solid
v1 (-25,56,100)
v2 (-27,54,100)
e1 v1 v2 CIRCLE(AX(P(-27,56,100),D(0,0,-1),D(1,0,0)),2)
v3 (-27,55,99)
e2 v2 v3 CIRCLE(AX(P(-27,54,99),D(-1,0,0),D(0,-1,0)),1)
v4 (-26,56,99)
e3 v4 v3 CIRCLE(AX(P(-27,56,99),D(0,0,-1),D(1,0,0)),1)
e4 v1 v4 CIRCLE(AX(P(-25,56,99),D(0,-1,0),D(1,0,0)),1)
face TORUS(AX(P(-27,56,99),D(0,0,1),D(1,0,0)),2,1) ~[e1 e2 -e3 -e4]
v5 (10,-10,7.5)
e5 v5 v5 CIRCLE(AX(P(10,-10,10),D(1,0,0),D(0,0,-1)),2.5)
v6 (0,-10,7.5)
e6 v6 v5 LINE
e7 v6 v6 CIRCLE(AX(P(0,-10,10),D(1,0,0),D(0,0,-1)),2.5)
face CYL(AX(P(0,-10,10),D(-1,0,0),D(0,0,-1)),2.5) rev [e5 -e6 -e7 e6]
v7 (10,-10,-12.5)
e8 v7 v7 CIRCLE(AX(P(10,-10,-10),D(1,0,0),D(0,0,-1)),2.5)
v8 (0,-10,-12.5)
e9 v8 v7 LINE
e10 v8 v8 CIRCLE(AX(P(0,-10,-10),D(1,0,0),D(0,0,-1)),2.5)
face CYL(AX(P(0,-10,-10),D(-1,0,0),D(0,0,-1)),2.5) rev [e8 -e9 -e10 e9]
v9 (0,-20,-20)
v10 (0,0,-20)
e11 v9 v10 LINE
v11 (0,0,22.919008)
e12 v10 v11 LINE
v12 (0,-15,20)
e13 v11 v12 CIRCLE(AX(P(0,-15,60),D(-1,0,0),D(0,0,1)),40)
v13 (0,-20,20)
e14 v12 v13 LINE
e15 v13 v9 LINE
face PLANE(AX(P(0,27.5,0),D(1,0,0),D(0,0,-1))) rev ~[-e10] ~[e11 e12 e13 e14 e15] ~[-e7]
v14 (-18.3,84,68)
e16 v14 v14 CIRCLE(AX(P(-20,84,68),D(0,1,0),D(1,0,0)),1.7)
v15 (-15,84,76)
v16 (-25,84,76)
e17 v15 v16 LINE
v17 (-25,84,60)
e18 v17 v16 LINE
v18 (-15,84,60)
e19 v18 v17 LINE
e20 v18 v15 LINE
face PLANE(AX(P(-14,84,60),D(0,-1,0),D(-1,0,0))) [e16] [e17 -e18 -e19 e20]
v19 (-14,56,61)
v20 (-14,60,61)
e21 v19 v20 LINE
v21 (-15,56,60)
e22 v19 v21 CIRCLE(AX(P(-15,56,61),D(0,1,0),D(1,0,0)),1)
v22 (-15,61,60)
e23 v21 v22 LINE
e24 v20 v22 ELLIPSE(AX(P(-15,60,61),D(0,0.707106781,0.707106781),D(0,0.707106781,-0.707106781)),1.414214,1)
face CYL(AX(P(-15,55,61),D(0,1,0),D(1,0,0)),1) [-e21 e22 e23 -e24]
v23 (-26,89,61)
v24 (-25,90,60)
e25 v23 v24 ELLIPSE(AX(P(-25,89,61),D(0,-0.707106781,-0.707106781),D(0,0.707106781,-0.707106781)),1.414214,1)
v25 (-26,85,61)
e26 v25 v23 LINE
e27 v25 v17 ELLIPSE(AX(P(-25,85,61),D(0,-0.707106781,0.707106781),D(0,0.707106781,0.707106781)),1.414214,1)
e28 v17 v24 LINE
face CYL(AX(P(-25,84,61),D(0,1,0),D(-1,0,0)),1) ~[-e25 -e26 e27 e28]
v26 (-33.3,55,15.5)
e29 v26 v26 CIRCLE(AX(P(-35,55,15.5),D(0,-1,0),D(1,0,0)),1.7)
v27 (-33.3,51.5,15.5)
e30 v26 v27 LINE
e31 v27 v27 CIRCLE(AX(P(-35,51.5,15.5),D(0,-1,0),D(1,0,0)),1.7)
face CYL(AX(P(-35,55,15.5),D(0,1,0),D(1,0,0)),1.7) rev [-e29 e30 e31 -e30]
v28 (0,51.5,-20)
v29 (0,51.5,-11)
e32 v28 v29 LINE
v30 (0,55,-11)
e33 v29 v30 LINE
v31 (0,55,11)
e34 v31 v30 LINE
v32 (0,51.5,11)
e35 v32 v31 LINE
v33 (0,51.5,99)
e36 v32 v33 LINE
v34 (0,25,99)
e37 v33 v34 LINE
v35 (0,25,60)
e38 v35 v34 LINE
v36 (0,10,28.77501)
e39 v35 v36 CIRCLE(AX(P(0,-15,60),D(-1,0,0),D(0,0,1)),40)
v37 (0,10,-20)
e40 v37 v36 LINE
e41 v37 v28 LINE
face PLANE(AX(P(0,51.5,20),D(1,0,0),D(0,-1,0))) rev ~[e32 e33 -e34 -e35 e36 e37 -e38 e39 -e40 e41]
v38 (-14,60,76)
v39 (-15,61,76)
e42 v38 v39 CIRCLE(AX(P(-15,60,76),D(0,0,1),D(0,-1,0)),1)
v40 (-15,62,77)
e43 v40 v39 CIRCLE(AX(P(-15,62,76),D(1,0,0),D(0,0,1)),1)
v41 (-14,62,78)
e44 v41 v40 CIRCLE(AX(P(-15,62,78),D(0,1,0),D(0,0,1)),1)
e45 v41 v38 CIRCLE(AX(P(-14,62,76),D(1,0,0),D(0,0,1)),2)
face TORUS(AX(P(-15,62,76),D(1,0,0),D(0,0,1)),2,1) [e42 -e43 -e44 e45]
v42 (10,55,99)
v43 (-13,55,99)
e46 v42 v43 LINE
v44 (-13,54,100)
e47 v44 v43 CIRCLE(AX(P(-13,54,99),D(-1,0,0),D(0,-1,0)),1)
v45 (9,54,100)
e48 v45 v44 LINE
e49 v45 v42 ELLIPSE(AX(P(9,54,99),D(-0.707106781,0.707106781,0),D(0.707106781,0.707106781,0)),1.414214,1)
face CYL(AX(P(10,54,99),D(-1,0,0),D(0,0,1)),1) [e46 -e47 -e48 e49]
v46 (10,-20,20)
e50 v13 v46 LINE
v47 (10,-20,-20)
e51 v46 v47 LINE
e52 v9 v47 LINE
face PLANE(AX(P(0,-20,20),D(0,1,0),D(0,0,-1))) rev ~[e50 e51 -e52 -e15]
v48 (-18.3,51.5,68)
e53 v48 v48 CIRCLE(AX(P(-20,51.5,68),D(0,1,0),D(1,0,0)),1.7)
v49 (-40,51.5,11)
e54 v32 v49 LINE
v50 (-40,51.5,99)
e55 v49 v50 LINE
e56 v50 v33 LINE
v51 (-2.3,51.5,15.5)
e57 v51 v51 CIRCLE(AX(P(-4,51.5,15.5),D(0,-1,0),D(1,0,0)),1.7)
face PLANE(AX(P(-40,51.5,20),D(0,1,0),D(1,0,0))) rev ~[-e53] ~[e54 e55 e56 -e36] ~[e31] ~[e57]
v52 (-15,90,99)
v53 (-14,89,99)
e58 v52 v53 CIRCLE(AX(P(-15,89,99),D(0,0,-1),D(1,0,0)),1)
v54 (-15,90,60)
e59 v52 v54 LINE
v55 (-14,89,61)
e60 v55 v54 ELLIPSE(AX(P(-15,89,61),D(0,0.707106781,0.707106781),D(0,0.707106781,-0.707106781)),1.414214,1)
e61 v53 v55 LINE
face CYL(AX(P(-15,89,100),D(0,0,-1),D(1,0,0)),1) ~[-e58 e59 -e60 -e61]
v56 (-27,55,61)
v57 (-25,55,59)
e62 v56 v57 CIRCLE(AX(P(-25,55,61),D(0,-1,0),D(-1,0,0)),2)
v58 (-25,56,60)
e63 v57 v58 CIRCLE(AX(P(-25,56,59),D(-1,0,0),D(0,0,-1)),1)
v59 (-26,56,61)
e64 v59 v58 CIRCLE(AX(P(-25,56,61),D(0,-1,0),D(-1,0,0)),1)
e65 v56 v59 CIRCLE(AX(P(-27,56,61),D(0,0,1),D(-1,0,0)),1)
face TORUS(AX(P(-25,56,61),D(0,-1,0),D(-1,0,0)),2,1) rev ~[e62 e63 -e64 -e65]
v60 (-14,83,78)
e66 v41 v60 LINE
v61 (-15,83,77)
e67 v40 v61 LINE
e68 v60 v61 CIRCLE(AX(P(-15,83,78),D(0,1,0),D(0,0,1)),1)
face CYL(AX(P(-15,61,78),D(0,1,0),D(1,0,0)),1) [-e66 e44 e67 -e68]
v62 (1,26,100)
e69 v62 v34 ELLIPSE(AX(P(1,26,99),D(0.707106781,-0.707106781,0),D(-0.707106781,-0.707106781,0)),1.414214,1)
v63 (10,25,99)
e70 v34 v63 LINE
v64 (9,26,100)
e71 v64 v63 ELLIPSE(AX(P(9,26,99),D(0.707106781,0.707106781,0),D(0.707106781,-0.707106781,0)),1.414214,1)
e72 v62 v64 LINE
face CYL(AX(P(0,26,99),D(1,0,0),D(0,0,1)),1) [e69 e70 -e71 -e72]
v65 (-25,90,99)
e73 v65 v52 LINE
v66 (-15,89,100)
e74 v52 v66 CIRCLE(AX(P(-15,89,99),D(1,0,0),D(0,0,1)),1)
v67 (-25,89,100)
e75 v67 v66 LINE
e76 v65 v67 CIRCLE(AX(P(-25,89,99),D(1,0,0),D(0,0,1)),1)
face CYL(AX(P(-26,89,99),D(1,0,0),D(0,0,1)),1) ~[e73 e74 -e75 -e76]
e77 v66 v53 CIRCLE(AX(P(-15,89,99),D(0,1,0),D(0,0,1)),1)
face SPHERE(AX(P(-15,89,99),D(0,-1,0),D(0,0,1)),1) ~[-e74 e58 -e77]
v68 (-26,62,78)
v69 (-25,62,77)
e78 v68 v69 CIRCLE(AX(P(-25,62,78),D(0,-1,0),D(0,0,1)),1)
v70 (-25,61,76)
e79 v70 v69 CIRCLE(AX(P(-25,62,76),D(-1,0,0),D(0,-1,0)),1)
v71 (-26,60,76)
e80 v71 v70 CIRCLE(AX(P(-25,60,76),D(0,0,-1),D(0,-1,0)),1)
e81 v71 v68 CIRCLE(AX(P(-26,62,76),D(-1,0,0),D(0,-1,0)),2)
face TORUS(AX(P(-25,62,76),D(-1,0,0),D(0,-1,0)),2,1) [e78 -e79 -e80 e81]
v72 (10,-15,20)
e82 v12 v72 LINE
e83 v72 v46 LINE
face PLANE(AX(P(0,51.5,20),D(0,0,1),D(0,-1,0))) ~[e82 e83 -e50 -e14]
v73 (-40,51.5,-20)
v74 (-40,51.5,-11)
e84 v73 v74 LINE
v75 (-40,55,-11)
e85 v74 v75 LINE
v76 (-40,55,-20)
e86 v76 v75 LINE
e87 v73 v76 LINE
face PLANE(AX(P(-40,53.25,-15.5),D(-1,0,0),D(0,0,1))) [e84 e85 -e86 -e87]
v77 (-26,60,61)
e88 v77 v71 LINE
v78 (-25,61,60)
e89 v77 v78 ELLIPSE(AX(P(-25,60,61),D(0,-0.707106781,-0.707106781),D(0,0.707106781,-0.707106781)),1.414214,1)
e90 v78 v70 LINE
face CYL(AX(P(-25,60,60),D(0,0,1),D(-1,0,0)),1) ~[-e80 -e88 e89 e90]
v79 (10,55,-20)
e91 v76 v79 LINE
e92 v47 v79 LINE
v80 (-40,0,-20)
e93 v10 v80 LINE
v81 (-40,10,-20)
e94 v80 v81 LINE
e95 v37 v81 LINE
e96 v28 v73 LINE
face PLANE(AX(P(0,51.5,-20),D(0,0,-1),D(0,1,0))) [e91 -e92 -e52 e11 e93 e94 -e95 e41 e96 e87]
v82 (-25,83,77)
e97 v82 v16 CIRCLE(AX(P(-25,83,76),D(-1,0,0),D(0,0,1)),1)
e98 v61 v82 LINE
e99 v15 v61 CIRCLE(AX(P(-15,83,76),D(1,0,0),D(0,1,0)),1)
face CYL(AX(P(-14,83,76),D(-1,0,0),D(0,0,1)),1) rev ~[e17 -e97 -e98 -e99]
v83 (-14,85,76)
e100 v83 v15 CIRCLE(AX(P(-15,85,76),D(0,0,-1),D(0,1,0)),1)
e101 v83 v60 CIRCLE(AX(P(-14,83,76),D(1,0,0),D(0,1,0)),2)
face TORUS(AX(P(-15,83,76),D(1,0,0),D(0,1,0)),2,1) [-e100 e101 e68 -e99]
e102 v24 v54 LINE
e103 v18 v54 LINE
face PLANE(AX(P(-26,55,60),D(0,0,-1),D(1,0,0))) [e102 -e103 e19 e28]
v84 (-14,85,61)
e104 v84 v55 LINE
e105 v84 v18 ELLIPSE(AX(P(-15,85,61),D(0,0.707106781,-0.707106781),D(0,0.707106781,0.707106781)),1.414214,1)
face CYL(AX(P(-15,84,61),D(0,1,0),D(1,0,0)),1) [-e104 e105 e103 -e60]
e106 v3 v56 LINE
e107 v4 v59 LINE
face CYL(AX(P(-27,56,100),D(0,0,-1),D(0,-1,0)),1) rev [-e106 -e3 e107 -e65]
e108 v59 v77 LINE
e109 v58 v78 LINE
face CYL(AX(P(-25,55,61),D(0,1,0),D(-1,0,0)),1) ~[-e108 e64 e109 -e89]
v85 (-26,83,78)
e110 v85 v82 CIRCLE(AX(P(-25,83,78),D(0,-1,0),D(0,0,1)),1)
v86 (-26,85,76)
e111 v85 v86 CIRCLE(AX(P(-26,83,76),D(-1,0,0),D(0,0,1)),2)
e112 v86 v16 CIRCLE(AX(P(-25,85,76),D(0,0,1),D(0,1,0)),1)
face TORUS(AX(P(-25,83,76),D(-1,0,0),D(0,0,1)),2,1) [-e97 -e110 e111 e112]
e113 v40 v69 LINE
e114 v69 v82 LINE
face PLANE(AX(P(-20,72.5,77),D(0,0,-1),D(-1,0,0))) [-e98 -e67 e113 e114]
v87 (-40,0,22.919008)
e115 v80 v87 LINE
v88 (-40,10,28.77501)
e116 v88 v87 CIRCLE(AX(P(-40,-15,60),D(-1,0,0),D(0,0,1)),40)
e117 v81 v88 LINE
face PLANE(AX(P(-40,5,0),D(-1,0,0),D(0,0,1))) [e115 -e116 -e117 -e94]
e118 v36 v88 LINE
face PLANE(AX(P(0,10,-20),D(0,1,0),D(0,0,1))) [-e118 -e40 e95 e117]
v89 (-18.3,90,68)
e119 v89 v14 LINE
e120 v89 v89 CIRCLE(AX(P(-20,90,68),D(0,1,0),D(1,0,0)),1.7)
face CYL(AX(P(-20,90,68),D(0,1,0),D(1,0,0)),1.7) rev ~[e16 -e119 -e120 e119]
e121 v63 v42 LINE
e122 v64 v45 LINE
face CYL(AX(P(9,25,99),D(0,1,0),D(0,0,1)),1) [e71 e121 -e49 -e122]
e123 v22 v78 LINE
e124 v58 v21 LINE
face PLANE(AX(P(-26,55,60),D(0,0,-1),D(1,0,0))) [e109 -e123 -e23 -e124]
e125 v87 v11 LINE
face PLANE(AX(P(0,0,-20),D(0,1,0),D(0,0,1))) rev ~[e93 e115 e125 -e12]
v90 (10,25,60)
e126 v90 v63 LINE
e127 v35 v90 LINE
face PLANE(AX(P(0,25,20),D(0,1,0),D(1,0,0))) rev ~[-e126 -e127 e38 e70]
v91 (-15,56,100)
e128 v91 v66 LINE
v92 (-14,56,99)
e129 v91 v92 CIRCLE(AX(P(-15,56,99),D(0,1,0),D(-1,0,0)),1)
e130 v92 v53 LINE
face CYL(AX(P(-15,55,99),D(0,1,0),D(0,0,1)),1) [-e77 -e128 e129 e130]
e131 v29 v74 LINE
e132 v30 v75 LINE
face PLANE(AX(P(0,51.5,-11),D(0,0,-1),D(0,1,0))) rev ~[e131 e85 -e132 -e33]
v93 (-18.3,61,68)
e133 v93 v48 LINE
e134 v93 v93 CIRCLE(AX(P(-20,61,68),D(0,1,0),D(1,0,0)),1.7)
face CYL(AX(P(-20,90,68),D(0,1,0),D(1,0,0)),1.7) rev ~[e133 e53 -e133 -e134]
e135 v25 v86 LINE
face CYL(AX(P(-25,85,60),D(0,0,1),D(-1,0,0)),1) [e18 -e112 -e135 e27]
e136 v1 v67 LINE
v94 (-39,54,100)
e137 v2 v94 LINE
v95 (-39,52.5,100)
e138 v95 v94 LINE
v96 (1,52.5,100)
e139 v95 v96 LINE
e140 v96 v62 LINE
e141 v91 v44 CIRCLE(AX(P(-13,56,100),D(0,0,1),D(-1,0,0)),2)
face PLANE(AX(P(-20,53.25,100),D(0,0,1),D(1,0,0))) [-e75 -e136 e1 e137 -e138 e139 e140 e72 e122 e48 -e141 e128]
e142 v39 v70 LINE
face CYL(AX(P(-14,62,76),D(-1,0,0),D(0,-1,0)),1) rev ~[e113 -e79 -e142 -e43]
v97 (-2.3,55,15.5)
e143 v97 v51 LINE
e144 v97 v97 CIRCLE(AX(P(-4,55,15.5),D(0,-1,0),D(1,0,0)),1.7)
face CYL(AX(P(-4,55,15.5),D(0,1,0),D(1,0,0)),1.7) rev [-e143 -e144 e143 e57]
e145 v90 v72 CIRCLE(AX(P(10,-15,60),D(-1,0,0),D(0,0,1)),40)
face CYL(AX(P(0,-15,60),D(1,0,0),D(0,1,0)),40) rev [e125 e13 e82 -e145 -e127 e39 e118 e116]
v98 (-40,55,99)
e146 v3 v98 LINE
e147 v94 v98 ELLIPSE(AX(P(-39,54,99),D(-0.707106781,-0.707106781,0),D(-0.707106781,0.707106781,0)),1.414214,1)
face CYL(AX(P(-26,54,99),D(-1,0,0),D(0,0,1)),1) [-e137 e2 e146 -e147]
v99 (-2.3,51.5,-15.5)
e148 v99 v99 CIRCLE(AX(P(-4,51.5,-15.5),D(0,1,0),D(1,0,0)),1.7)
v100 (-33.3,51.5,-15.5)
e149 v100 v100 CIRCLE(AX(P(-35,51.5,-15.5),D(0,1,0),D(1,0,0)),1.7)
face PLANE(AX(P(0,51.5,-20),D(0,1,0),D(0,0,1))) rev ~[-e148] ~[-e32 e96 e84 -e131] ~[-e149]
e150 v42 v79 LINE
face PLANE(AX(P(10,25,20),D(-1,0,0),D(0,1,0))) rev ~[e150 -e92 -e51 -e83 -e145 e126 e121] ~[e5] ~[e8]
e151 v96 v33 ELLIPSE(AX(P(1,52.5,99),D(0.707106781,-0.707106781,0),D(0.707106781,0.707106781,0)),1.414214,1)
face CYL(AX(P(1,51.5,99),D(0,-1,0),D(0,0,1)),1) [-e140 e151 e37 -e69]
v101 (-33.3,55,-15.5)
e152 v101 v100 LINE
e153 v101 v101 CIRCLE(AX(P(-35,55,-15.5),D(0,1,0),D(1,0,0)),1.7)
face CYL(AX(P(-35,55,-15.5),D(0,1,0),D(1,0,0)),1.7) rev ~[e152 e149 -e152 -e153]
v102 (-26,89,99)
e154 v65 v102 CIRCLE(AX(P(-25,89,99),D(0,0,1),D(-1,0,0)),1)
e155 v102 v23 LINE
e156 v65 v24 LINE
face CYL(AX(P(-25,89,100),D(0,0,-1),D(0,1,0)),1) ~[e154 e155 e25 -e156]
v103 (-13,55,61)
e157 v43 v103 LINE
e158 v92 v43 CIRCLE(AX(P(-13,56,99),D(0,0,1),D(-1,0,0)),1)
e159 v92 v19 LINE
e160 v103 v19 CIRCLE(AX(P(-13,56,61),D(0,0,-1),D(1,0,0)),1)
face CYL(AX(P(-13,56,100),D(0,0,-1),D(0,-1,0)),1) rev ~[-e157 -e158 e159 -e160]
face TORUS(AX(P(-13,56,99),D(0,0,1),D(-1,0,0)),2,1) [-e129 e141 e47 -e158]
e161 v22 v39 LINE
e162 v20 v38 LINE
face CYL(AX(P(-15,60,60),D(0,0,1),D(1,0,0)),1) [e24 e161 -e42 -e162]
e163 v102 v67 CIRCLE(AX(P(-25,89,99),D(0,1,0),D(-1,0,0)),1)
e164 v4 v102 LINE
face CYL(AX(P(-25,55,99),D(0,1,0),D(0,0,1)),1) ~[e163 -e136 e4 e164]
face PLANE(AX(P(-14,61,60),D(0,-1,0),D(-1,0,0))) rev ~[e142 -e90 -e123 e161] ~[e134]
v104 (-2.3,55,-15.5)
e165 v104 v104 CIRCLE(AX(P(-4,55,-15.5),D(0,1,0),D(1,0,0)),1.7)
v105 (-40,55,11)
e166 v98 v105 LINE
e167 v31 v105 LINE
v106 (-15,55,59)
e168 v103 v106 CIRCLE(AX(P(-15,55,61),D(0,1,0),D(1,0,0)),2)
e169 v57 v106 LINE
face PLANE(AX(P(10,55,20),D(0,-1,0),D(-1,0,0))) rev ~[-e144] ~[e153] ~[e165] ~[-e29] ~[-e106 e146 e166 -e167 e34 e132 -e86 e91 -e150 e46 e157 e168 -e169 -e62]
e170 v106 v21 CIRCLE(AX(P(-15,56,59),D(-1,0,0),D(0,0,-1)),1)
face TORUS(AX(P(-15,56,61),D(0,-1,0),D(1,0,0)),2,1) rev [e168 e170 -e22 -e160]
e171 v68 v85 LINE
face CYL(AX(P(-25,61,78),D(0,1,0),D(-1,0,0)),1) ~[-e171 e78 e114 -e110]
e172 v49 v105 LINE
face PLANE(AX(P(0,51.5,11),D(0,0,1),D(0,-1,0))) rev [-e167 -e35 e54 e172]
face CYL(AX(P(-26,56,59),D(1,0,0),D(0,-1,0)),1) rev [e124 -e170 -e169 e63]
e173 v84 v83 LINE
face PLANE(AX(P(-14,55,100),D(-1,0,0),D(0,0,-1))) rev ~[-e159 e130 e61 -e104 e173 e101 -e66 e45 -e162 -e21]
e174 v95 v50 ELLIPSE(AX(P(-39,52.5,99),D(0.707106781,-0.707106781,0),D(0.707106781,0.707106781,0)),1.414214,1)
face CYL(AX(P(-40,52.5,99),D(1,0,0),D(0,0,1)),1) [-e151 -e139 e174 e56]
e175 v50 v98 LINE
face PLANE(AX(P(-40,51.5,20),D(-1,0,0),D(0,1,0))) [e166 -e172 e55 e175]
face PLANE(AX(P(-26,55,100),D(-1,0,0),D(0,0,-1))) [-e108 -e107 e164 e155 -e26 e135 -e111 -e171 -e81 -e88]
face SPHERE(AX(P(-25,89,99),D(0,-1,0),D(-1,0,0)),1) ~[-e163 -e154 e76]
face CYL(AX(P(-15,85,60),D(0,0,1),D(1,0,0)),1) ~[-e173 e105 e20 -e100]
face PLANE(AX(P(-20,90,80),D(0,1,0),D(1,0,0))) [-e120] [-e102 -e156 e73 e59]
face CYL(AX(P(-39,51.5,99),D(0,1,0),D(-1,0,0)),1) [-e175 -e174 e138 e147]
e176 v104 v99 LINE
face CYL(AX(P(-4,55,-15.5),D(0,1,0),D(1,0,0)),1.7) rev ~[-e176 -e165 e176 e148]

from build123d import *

# Parameters (mm, degrees)
SKETCH1_W               = 40
SKETCH1_H               = 55
SKETCH1_H_2             = 20
SKETCH1_R               = 2.5
BOSS_EXTRUDE1_DEPTH     = 10
SKETCH3_W               = 40
SKETCH3_H               = 10
BOSS_EXTRUDE2_DEPTH     = 40
SKETCH4_W               = 9
SKETCH4_H               = 3.5
BOSS_EXTRUDE3_DEPTH     = 40
SKETCH5_R               = 1.7
CUT_EXTRUDE1_DEPTH      = 3.5
SKETCH7_W               = 40
SKETCH7_H               = 3.5
BOSS_EXTRUDE4_DEPTH     = 80
SKETCH8_W               = 12
SKETCH8_H               = 40
BOSS_EXTRUDE5_DEPTH     = 35
SKETCH9_W               = 12
SKETCH9_H               = 23
CUT_EXTRUDE2_DEPTH      = 17
SKETCH10_R              = 1.7
CUT_EXTRUDE3_DEPTH      = 1
CUT_EXTRUDE3_DEPTH_BACK = 38.5
FILLET1_R               = 1
FILLET2_R               = 40


with BuildPart() as part:
    # Sketch1 → Boss-Extrude1 (new body)
    with BuildSketch(Plane(origin=(0, 0, 0), x_dir=(0, 0, -1), z_dir=(1, 0, 0))):
        with Locations((0, 27.5)):
            Rectangle(SKETCH1_W, SKETCH1_H)
        with Locations((0, -10)):
            Rectangle(SKETCH1_W, SKETCH1_H_2)
        with Locations((10, -10)):
            Circle(SKETCH1_R, mode=Mode.SUBTRACT)
        with Locations((-10, -10)):
            Circle(SKETCH1_R, mode=Mode.SUBTRACT)
    extrude(amount=BOSS_EXTRUDE1_DEPTH)

    # Sketch3 → Boss-Extrude2 (add)
    with BuildSketch(Plane.ZY):
        with Locations((0, 5)):
            Rectangle(SKETCH3_W, SKETCH3_H)
    extrude(amount=BOSS_EXTRUDE2_DEPTH)

    # Sketch4 → Boss-Extrude3 (add)
    with BuildSketch(Plane.ZY):
        with Locations((-15.5, 53.25)):
            Rectangle(SKETCH4_W, SKETCH4_H)
    boss_extrude3 = extrude(amount=BOSS_EXTRUDE3_DEPTH)

    # Sketch5 → Cut-Extrude1 (cut)
    with BuildSketch(Plane(origin=(0, 55, 0), x_dir=(1, 0, 0), z_dir=(0, 1, 0))):
        with Locations((-35, 15.5)):
            Circle(SKETCH5_R)
        with Locations((-4, 15.5)):
            Circle(SKETCH5_R)
    cut_extrude1 = extrude(amount=-CUT_EXTRUDE1_DEPTH, mode=Mode.SUBTRACT)

    # Mirror2: Boss-Extrude3, Cut-Extrude1 across plane
    add(boss_extrude3.mirror(Plane.XY))
    add(cut_extrude1.mirror(Plane.XY), mode=Mode.SUBTRACT)

    # Sketch7 → Boss-Extrude4 (add)
    with BuildSketch(Plane.XY.offset(20)):
        with Locations((-20, 53.25)):
            Rectangle(SKETCH7_W, SKETCH7_H)
        Polygon((10, 55), (0, 55), (0, 51.5), (0, 25), (10, 25), align=None)
    extrude(amount=BOSS_EXTRUDE4_DEPTH)

    # Sketch8 → Boss-Extrude5 (add)
    with BuildSketch(Plane(origin=(0, 55, 0), x_dir=(1, 0, 0), z_dir=(0, 1, 0))):
        with Locations((-20, -80)):
            Rectangle(SKETCH8_W, SKETCH8_H)
    extrude(amount=BOSS_EXTRUDE5_DEPTH)

    # Sketch9 → Cut-Extrude2 (cut)
    with BuildSketch(Plane(origin=(0, 0, 60), x_dir=(-1, 0, 0), z_dir=(0, 0, -1))):
        with Locations((20, 72.5)):
            Rectangle(SKETCH9_W, SKETCH9_H)
    extrude(amount=-CUT_EXTRUDE2_DEPTH, mode=Mode.SUBTRACT)

    # Sketch10 → Cut-Extrude3 (cut, two sides)
    with BuildSketch(Plane(origin=(0, 90, 0), x_dir=(1, 0, 0), z_dir=(0, 1, 0))) as cut_extrude3_sk:
        with Locations((-20, -68)):
            Circle(SKETCH10_R)
    extrude(amount=CUT_EXTRUDE3_DEPTH, mode=Mode.SUBTRACT)
    extrude(cut_extrude3_sk.sketch, amount=-CUT_EXTRUDE3_DEPTH_BACK, mode=Mode.SUBTRACT)

    # Fillet1
    fillet1_edges = [part.edges().sort_by_distance(p)[0] for p in [
        (-33, 55, 100),
        (-26, 55, 80),
        (-26, 87, 60),
        (-26, 72.5, 100),
        (-14, 55, 80),
        (-14, 72.5, 100),
        (-20, 55, 60),
        (-14, 87, 60),
        (-26, 90, 80),
        (-20, 90, 100),
        (-14, 90, 80),
        (-26, 58, 60),
        (-14, 58, 60),
        (-14, 72.5, 77),
        (-14, 61, 68.5),
        (-20, 84, 77),
        (-14, 84, 68.5),
        (-26, 72.5, 77),
        (-26, 84, 68.5),
        (-20, 61, 77),
        (-26, 61, 68.5),
        (-20, 51.5, 100),
        (0, 38.25, 100),
        (5, 25, 100),
        (10, 40, 100),
        (-2, 55, 100),
        (-40, 53.25, 100),
    ]]
    fillet(fillet1_edges, radius=FILLET1_R)

    # Fillet2
    fillet2_edges = [part.edges().sort_by_distance(p)[0] for p in [
        (5, 25, 20),
    ]]
    fillet(fillet2_edges, radius=FILLET2_R)


solid = part.part
